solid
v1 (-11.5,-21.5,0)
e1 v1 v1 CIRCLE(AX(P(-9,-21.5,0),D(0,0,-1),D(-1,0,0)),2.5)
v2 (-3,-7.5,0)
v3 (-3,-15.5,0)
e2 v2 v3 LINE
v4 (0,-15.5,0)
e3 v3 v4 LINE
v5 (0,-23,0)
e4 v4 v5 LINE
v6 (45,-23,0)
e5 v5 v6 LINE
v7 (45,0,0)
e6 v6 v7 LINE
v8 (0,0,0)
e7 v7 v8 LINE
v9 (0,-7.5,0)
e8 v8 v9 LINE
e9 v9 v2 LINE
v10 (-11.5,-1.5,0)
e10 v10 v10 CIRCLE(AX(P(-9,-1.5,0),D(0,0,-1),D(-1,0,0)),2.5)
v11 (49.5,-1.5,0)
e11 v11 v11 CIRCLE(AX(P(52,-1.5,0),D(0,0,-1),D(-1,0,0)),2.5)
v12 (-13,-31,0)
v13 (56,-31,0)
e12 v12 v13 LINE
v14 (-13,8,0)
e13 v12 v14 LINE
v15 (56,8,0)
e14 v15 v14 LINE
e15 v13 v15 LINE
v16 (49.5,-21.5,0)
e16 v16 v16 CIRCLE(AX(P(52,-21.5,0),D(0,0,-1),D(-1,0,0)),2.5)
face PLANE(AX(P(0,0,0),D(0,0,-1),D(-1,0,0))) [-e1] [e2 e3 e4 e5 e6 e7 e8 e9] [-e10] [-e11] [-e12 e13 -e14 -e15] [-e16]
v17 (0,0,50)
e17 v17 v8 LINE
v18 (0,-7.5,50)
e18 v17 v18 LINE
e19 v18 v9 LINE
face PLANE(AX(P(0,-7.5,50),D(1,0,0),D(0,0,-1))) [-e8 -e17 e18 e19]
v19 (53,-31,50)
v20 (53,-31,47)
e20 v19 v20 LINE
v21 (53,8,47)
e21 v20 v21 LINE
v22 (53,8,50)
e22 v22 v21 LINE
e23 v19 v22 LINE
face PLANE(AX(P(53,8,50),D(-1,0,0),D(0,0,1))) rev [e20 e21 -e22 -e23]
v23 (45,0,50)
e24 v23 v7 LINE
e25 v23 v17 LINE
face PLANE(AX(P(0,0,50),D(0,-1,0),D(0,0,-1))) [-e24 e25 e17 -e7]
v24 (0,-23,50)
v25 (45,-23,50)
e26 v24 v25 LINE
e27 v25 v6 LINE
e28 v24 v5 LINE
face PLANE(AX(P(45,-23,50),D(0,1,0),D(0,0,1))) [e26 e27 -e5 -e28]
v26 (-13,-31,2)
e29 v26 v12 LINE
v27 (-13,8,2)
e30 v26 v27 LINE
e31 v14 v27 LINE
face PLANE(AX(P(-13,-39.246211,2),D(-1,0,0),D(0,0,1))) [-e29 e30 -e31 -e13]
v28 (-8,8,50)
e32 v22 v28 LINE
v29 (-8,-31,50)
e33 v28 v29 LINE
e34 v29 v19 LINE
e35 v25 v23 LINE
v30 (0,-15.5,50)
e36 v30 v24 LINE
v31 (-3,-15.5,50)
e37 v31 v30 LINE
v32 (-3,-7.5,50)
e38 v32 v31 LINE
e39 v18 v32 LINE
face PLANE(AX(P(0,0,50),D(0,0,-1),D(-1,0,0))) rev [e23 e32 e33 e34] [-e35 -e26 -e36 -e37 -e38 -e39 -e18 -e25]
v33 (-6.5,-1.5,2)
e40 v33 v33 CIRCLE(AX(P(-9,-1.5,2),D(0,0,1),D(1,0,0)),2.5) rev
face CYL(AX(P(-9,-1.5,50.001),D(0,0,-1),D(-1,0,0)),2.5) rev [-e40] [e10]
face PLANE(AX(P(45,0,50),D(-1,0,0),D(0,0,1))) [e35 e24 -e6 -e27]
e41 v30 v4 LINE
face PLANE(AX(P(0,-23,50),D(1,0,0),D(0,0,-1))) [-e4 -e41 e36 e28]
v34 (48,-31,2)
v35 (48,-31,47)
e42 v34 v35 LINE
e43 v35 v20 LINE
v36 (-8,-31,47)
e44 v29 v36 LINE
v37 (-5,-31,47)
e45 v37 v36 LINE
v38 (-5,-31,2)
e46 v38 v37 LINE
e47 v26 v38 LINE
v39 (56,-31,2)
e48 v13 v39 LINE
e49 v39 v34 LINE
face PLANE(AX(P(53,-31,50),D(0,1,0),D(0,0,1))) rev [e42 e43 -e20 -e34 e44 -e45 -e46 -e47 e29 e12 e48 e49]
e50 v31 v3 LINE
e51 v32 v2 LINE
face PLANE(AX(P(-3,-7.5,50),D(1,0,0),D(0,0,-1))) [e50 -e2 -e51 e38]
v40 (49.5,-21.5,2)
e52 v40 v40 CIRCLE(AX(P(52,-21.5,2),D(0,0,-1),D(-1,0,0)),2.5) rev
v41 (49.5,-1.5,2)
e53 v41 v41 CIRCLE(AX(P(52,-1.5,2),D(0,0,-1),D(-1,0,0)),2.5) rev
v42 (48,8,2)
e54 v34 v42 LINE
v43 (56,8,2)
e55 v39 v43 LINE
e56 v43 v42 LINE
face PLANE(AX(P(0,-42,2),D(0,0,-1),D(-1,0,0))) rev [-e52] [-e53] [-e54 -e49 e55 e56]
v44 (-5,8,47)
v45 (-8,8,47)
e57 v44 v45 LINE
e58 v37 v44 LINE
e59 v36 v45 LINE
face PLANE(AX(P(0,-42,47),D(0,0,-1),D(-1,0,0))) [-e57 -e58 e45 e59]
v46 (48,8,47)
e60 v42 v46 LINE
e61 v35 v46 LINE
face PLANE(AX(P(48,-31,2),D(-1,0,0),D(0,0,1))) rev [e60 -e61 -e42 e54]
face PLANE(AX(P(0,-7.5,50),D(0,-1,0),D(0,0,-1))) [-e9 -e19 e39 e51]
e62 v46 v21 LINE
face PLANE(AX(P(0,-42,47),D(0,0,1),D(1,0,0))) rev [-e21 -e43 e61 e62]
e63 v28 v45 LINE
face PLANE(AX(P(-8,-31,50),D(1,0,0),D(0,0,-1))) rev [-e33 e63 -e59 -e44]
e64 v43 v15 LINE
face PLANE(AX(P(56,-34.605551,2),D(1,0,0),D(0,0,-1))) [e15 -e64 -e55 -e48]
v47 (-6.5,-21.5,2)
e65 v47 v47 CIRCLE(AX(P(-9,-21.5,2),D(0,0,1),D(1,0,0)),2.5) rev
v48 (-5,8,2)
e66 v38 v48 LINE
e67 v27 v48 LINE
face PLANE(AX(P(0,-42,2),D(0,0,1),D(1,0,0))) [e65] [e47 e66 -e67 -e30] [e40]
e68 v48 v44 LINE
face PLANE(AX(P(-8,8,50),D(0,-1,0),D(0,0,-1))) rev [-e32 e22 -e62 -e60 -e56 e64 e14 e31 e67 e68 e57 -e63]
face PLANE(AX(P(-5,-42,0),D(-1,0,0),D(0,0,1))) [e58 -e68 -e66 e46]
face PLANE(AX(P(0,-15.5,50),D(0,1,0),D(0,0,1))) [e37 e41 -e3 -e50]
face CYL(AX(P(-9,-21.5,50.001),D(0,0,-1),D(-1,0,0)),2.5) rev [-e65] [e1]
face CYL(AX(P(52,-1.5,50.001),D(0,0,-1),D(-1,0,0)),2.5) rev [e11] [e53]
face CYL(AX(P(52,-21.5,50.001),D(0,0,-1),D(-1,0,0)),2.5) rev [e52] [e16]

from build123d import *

# Parameters (mm, degrees)
BOSS_EXTRUDE1_DEPTH = 50
SKETCH2_W           = 3
SKETCH2_H           = 45
CUT_EXTRUDE1_DEPTH  = 50
SKETCH3_W           = 2
SKETCH3_H           = 45
CUT_EXTRUDE2_DEPTH  = 83.643814046
SKETCH4_W           = 3
SKETCH4_H           = 2
BOSS_EXTRUDE2_DEPTH = 39
SKETCH5_W           = 8
SKETCH5_H           = 2
BOSS_EXTRUDE3_DEPTH = 39
CUT_EXTRUDE3_REACH  = 83.222
SKETCH6_R           = 2.5


with BuildPart() as part:
    # Sketch1 → Boss-Extrude1 (new body)
    with BuildSketch(Plane.XY):
        Polygon((-8, 8), (53, 8), (53, -31), (-8, -31), (-8, -23.5), (-8, 0.5), align=None)
        Polygon((0, 0), (45, 0), (45, -23), (0, -23), (0, -15.5), (-3, -15.5), (-3, -7.5), (0, -7.5), align=None, mode=Mode.SUBTRACT)
    extrude(amount=BOSS_EXTRUDE1_DEPTH)

    # Sketch2 → Cut-Extrude1 (cut)
    with BuildSketch(Plane(origin=(0, 8, 0), x_dir=(1, 0, 0), z_dir=(0, 1, 0))):
        with Locations((-6.5, -24.5)):
            Rectangle(SKETCH2_W, SKETCH2_H)
        with Locations((51.5, -24.5)):
            Rectangle(SKETCH2_W, SKETCH2_H)
    extrude(amount=-CUT_EXTRUDE1_DEPTH, mode=Mode.SUBTRACT)

    # Sketch3 → Cut-Extrude2 (cut, through all)
    with BuildSketch(Plane(origin=(0, 8, 0), x_dir=(1, 0, 0), z_dir=(0, 1, 0))):
        with Locations((49, -24.5)):
            Rectangle(SKETCH3_W, SKETCH3_H)
    extrude(amount=-CUT_EXTRUDE2_DEPTH, mode=Mode.SUBTRACT)

    # Sketch4 → Boss-Extrude2 (add)
    with BuildSketch(Plane(origin=(0, 8, 0), x_dir=(1, 0, 0), z_dir=(0, 1, 0))):
        with Locations((54.5, -1)):
            Rectangle(SKETCH4_W, SKETCH4_H)
    extrude(amount=-BOSS_EXTRUDE2_DEPTH)

    # Sketch5 → Boss-Extrude3 (add)
    with BuildSketch(Plane(origin=(0, 8, 0), x_dir=(1, 0, 0), z_dir=(0, 1, 0))):
        with Locations((-9, -1)):
            Rectangle(SKETCH5_W, SKETCH5_H)
    extrude(amount=-BOSS_EXTRUDE3_DEPTH)

    # Sketch6 → Cut-Extrude3 (cut, up to next)
    with BuildSketch(Plane(origin=(0, 0, 0), x_dir=(-1, 0, 0), z_dir=(0, 0, -1)), mode=Mode.PRIVATE) as cut_extrude3_sk1:
        with Locations((-52, -1.5)):
            Circle(SKETCH6_R)
    cut_extrude3_tool1 = extrude(cut_extrude3_sk1.sketch, amount=-CUT_EXTRUDE3_REACH, mode=Mode.PRIVATE) & part.part
    # Sketch6 → Cut-Extrude3 (cut, up to next)
    with BuildSketch(Plane(origin=(0, 0, 0), x_dir=(-1, 0, 0), z_dir=(0, 0, -1)), mode=Mode.PRIVATE) as cut_extrude3_sk2:
        with Locations((-52, -21.5)):
            Circle(SKETCH6_R)
    cut_extrude3_tool2 = extrude(cut_extrude3_sk2.sketch, amount=-CUT_EXTRUDE3_REACH, mode=Mode.PRIVATE) & part.part
    # Sketch6 → Cut-Extrude3 (cut, up to next)
    with BuildSketch(Plane(origin=(0, 0, 0), x_dir=(-1, 0, 0), z_dir=(0, 0, -1)), mode=Mode.PRIVATE) as cut_extrude3_sk3:
        with Locations((9, -21.5)):
            Circle(SKETCH6_R)
    cut_extrude3_tool3 = extrude(cut_extrude3_sk3.sketch, amount=-CUT_EXTRUDE3_REACH, mode=Mode.PRIVATE) & part.part
    # Sketch6 → Cut-Extrude3 (cut, up to next)
    with BuildSketch(Plane(origin=(0, 0, 0), x_dir=(-1, 0, 0), z_dir=(0, 0, -1)), mode=Mode.PRIVATE) as cut_extrude3_sk4:
        with Locations((9, -1.5)):
            Circle(SKETCH6_R)
    cut_extrude3_tool4 = extrude(cut_extrude3_sk4.sketch, amount=-CUT_EXTRUDE3_REACH, mode=Mode.PRIVATE) & part.part
    add(cut_extrude3_tool1.solids().sort_by_distance((52, -1.5, 0))[0], mode=Mode.SUBTRACT)
    add(cut_extrude3_tool2.solids().sort_by_distance((52, -21.5, 0))[0], mode=Mode.SUBTRACT)
    add(cut_extrude3_tool3.solids().sort_by_distance((-9, -21.5, 0))[0], mode=Mode.SUBTRACT)
    add(cut_extrude3_tool4.solids().sort_by_distance((-9, -1.5, 0))[0], mode=Mode.SUBTRACT)


solid = part.part
